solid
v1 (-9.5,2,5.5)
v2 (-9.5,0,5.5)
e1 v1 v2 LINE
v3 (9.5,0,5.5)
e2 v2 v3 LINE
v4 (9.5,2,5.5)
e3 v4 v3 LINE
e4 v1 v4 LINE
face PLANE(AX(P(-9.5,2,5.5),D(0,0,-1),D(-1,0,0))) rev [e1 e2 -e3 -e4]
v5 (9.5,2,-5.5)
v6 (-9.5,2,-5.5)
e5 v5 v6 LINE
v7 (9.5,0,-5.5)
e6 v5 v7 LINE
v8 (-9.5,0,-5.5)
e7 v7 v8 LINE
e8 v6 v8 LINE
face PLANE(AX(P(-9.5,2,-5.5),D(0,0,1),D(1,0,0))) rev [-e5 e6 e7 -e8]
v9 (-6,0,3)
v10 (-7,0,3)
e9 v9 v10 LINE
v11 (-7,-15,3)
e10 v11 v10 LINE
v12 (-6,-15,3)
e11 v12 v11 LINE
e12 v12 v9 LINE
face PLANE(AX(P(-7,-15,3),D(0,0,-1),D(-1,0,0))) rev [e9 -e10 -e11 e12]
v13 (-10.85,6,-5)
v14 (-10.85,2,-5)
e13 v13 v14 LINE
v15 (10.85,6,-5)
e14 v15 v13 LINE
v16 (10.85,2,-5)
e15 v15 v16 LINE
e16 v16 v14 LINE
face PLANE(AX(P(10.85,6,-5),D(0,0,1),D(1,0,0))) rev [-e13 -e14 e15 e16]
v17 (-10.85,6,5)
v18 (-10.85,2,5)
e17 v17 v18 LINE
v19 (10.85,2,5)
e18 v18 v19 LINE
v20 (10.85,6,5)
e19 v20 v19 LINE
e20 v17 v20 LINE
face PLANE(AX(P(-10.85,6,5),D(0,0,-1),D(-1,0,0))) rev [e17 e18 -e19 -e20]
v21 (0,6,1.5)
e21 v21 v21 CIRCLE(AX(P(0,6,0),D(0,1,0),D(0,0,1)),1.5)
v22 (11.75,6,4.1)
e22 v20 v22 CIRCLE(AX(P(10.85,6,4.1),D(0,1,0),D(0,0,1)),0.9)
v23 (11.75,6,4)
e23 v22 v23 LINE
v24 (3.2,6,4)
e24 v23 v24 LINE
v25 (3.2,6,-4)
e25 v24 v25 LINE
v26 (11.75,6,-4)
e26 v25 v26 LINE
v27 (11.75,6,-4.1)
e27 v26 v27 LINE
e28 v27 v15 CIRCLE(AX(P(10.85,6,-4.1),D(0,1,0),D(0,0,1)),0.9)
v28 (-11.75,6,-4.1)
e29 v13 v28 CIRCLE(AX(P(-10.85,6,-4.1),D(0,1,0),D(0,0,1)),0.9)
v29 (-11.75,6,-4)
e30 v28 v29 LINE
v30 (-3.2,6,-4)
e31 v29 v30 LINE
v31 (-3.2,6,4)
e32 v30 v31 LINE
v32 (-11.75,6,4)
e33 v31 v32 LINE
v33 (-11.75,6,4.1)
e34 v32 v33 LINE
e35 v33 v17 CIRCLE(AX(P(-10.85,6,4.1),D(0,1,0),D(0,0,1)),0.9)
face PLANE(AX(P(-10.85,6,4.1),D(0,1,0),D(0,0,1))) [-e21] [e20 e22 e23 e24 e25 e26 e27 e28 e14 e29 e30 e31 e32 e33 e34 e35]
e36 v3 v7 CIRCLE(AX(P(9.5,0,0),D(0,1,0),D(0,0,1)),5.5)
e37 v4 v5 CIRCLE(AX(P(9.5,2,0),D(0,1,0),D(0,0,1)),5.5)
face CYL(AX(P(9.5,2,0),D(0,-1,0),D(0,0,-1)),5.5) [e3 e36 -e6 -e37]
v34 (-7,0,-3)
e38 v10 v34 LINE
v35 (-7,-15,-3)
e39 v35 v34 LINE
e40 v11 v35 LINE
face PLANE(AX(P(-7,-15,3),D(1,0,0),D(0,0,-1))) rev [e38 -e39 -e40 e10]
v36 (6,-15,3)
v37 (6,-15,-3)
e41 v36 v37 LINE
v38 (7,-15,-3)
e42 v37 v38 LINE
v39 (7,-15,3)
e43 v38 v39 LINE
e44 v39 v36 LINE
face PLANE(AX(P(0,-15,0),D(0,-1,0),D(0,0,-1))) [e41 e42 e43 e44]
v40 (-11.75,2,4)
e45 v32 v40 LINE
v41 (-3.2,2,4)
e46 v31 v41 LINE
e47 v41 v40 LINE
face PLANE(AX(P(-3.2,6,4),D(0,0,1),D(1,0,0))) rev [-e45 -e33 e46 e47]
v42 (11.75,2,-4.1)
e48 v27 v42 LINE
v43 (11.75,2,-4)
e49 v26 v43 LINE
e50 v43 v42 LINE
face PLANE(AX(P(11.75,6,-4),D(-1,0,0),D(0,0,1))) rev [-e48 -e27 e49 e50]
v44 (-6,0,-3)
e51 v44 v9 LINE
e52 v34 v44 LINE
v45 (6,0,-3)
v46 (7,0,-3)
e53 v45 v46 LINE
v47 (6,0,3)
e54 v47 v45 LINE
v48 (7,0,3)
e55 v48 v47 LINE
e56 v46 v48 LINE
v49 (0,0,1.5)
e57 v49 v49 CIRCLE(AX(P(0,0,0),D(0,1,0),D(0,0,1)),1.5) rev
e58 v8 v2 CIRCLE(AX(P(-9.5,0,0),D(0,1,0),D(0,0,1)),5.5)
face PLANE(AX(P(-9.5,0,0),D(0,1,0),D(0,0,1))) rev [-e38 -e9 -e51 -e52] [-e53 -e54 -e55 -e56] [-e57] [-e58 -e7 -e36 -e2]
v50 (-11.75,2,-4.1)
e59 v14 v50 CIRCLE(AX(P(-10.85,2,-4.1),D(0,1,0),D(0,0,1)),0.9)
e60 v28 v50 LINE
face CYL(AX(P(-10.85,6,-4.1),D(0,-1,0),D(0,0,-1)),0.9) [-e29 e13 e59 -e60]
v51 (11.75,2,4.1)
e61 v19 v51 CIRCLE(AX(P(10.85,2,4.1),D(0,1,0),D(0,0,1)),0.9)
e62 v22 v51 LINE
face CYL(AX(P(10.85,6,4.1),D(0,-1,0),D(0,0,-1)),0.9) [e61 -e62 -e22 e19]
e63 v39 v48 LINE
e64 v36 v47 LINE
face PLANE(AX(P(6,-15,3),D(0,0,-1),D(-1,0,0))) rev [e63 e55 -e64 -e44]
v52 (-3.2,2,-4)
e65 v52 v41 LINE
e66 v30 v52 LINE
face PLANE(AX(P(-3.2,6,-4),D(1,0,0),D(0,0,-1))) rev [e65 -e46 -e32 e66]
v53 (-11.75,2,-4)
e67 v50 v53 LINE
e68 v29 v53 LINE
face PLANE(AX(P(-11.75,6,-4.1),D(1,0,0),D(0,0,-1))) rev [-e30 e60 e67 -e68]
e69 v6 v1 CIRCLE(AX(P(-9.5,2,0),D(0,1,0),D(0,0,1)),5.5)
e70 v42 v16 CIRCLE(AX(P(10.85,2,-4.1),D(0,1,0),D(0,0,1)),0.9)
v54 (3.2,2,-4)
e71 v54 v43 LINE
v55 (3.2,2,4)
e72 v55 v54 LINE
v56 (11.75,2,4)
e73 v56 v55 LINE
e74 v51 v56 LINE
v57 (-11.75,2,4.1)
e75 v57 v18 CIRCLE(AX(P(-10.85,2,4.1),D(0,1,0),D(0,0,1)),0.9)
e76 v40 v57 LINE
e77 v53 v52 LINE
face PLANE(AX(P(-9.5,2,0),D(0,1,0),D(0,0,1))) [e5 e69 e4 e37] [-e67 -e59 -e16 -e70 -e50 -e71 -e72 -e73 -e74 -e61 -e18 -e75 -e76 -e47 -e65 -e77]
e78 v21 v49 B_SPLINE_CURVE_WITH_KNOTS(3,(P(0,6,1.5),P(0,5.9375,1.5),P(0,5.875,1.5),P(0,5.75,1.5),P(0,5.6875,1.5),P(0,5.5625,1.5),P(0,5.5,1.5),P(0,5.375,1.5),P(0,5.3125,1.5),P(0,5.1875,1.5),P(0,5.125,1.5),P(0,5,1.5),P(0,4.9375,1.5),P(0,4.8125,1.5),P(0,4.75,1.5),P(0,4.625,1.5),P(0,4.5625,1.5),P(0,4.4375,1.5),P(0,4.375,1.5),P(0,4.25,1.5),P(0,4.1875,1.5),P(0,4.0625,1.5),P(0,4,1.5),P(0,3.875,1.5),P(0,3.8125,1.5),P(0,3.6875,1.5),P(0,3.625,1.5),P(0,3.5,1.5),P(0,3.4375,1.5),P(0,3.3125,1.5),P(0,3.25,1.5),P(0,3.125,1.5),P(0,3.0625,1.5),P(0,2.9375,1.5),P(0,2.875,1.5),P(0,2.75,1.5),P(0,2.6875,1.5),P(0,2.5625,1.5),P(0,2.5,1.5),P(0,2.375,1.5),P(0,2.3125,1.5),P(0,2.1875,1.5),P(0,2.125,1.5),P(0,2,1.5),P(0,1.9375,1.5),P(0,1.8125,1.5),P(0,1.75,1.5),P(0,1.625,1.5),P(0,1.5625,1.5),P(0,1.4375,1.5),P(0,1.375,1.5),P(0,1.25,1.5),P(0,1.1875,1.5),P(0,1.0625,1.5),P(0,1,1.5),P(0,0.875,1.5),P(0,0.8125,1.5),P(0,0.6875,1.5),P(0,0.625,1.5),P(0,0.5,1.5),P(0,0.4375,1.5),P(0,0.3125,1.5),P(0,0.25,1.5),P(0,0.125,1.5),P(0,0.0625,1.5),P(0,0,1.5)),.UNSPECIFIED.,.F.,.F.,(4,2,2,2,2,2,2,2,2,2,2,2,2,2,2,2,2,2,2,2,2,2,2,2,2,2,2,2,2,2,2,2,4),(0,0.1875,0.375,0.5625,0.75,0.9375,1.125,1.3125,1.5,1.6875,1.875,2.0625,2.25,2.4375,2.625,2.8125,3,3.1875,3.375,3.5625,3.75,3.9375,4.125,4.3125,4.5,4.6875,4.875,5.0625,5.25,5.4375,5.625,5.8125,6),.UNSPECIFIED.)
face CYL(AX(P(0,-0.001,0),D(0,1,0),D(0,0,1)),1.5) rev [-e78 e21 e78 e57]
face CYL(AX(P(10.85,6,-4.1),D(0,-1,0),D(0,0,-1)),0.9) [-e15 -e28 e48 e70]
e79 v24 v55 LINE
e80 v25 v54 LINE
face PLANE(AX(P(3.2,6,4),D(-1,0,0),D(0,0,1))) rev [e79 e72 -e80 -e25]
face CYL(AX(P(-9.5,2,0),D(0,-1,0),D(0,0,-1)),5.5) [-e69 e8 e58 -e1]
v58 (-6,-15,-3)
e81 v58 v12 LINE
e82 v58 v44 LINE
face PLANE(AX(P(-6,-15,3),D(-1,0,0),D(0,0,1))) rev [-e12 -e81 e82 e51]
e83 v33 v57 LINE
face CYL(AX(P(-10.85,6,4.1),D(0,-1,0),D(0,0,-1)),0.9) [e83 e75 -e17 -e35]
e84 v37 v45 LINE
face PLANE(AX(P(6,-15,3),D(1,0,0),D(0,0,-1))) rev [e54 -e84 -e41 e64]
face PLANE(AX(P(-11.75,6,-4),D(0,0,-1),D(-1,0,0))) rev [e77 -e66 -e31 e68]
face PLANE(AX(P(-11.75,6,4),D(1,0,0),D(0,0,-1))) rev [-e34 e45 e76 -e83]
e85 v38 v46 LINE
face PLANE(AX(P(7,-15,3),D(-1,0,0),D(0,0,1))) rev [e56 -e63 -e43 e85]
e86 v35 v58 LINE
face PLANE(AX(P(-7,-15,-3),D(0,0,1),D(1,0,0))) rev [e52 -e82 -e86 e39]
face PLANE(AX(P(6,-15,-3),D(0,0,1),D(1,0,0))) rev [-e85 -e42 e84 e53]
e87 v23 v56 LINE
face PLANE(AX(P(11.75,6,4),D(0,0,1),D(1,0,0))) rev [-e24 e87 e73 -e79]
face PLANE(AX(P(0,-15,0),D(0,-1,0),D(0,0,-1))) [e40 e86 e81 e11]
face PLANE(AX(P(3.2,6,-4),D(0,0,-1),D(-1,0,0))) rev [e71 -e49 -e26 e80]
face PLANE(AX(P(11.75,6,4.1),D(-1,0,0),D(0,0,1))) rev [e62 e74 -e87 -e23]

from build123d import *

# Parameters (mm, degrees)
SALIENTE_EXTRUIR1_DEPTH = 2
SALIENTE_EXTRUIR2_DEPTH = 4
CORTAR_EXTRUIR1_REACH   = 19.066
CROQUIS3_R              = 1.5
CROQUIS4_W              = 1
CROQUIS4_H              = 6
SALIENTE_EXTRUIR3_DEPTH = 15


with BuildPart() as part:
    # Croquis1 → Saliente-Extruir1 (new body)
    with BuildSketch(Plane(origin=(0, 0, 0), x_dir=(1, 0, 0), z_dir=(0, 1, 0))):
        with BuildLine():
            Line((-9.5, 5.5), (9.5, 5.5))
            ThreePointArc((9.5, 5.5), (15, 0), (9.5, -5.5))
            Line((9.5, -5.5), (-9.5, -5.5))
            ThreePointArc((-9.5, -5.5), (-15, 0), (-9.5, 5.5))
        make_face()
    extrude(amount=SALIENTE_EXTRUIR1_DEPTH)

    # Croquis2 → Saliente-Extruir2 (add)
    with BuildSketch(Plane(origin=(0, 2, 0), x_dir=(1, 0, 0), z_dir=(0, 1, 0))):
        with BuildLine():
            Line((-3.2, 4), (-3.2, -4))
            Line((-3.2, -4), (-11.75, -4))
            Line((-11.75, -4), (-11.75, -4.1))
            ThreePointArc((-11.75, -4.1), (-11.486396103, -4.736396103), (-10.85, -5))
            Line((-10.85, -5), (10.85, -5))
            ThreePointArc((10.85, -5), (11.486396103, -4.736396103), (11.75, -4.1))
            Line((11.75, -4.1), (11.75, -4))
            Line((11.75, -4), (3.2, -4))
            Line((3.2, -4), (3.2, 4))
            Line((3.2, 4), (11.75, 4))
            Line((11.75, 4), (11.75, 4.1))
            ThreePointArc((11.75, 4.1), (11.486396103, 4.736396103), (10.85, 5))
            Line((10.85, 5), (-10.85, 5))
            ThreePointArc((-10.85, 5), (-11.486396103, 4.736396103), (-11.75, 4.1))
            Line((-11.75, 4.1), (-11.75, 4))
            Line((-11.75, 4), (-3.2, 4))
        make_face()
    extrude(amount=SALIENTE_EXTRUIR2_DEPTH)

    # Croquis3 → Cortar-Extruir1 (cut, up to next)
    with BuildSketch(Plane(origin=(0, 6, 0), x_dir=(1, 0, 0), z_dir=(0, 1, 0)), mode=Mode.PRIVATE) as cortar_extruir1_sk1:
        with Locations(Location((0, 0, 0), (0, 0, 270))):
            Circle(CROQUIS3_R)
    cortar_extruir1_tool1 = extrude(cortar_extruir1_sk1.sketch, amount=-CORTAR_EXTRUIR1_REACH, mode=Mode.PRIVATE) & part.part
    add(cortar_extruir1_tool1.solids().sort_by_distance((0, 6, 0))[0], mode=Mode.SUBTRACT)

    # Croquis4 → Saliente-Extruir3 (add)
    with BuildSketch(Plane.XZ):
        with Locations((-6.5, 0)):
            Rectangle(CROQUIS4_W, CROQUIS4_H)
        with Locations((6.5, 0)):
            Rectangle(CROQUIS4_W, CROQUIS4_H)
    extrude(amount=SALIENTE_EXTRUIR3_DEPTH)


solid = part.part
